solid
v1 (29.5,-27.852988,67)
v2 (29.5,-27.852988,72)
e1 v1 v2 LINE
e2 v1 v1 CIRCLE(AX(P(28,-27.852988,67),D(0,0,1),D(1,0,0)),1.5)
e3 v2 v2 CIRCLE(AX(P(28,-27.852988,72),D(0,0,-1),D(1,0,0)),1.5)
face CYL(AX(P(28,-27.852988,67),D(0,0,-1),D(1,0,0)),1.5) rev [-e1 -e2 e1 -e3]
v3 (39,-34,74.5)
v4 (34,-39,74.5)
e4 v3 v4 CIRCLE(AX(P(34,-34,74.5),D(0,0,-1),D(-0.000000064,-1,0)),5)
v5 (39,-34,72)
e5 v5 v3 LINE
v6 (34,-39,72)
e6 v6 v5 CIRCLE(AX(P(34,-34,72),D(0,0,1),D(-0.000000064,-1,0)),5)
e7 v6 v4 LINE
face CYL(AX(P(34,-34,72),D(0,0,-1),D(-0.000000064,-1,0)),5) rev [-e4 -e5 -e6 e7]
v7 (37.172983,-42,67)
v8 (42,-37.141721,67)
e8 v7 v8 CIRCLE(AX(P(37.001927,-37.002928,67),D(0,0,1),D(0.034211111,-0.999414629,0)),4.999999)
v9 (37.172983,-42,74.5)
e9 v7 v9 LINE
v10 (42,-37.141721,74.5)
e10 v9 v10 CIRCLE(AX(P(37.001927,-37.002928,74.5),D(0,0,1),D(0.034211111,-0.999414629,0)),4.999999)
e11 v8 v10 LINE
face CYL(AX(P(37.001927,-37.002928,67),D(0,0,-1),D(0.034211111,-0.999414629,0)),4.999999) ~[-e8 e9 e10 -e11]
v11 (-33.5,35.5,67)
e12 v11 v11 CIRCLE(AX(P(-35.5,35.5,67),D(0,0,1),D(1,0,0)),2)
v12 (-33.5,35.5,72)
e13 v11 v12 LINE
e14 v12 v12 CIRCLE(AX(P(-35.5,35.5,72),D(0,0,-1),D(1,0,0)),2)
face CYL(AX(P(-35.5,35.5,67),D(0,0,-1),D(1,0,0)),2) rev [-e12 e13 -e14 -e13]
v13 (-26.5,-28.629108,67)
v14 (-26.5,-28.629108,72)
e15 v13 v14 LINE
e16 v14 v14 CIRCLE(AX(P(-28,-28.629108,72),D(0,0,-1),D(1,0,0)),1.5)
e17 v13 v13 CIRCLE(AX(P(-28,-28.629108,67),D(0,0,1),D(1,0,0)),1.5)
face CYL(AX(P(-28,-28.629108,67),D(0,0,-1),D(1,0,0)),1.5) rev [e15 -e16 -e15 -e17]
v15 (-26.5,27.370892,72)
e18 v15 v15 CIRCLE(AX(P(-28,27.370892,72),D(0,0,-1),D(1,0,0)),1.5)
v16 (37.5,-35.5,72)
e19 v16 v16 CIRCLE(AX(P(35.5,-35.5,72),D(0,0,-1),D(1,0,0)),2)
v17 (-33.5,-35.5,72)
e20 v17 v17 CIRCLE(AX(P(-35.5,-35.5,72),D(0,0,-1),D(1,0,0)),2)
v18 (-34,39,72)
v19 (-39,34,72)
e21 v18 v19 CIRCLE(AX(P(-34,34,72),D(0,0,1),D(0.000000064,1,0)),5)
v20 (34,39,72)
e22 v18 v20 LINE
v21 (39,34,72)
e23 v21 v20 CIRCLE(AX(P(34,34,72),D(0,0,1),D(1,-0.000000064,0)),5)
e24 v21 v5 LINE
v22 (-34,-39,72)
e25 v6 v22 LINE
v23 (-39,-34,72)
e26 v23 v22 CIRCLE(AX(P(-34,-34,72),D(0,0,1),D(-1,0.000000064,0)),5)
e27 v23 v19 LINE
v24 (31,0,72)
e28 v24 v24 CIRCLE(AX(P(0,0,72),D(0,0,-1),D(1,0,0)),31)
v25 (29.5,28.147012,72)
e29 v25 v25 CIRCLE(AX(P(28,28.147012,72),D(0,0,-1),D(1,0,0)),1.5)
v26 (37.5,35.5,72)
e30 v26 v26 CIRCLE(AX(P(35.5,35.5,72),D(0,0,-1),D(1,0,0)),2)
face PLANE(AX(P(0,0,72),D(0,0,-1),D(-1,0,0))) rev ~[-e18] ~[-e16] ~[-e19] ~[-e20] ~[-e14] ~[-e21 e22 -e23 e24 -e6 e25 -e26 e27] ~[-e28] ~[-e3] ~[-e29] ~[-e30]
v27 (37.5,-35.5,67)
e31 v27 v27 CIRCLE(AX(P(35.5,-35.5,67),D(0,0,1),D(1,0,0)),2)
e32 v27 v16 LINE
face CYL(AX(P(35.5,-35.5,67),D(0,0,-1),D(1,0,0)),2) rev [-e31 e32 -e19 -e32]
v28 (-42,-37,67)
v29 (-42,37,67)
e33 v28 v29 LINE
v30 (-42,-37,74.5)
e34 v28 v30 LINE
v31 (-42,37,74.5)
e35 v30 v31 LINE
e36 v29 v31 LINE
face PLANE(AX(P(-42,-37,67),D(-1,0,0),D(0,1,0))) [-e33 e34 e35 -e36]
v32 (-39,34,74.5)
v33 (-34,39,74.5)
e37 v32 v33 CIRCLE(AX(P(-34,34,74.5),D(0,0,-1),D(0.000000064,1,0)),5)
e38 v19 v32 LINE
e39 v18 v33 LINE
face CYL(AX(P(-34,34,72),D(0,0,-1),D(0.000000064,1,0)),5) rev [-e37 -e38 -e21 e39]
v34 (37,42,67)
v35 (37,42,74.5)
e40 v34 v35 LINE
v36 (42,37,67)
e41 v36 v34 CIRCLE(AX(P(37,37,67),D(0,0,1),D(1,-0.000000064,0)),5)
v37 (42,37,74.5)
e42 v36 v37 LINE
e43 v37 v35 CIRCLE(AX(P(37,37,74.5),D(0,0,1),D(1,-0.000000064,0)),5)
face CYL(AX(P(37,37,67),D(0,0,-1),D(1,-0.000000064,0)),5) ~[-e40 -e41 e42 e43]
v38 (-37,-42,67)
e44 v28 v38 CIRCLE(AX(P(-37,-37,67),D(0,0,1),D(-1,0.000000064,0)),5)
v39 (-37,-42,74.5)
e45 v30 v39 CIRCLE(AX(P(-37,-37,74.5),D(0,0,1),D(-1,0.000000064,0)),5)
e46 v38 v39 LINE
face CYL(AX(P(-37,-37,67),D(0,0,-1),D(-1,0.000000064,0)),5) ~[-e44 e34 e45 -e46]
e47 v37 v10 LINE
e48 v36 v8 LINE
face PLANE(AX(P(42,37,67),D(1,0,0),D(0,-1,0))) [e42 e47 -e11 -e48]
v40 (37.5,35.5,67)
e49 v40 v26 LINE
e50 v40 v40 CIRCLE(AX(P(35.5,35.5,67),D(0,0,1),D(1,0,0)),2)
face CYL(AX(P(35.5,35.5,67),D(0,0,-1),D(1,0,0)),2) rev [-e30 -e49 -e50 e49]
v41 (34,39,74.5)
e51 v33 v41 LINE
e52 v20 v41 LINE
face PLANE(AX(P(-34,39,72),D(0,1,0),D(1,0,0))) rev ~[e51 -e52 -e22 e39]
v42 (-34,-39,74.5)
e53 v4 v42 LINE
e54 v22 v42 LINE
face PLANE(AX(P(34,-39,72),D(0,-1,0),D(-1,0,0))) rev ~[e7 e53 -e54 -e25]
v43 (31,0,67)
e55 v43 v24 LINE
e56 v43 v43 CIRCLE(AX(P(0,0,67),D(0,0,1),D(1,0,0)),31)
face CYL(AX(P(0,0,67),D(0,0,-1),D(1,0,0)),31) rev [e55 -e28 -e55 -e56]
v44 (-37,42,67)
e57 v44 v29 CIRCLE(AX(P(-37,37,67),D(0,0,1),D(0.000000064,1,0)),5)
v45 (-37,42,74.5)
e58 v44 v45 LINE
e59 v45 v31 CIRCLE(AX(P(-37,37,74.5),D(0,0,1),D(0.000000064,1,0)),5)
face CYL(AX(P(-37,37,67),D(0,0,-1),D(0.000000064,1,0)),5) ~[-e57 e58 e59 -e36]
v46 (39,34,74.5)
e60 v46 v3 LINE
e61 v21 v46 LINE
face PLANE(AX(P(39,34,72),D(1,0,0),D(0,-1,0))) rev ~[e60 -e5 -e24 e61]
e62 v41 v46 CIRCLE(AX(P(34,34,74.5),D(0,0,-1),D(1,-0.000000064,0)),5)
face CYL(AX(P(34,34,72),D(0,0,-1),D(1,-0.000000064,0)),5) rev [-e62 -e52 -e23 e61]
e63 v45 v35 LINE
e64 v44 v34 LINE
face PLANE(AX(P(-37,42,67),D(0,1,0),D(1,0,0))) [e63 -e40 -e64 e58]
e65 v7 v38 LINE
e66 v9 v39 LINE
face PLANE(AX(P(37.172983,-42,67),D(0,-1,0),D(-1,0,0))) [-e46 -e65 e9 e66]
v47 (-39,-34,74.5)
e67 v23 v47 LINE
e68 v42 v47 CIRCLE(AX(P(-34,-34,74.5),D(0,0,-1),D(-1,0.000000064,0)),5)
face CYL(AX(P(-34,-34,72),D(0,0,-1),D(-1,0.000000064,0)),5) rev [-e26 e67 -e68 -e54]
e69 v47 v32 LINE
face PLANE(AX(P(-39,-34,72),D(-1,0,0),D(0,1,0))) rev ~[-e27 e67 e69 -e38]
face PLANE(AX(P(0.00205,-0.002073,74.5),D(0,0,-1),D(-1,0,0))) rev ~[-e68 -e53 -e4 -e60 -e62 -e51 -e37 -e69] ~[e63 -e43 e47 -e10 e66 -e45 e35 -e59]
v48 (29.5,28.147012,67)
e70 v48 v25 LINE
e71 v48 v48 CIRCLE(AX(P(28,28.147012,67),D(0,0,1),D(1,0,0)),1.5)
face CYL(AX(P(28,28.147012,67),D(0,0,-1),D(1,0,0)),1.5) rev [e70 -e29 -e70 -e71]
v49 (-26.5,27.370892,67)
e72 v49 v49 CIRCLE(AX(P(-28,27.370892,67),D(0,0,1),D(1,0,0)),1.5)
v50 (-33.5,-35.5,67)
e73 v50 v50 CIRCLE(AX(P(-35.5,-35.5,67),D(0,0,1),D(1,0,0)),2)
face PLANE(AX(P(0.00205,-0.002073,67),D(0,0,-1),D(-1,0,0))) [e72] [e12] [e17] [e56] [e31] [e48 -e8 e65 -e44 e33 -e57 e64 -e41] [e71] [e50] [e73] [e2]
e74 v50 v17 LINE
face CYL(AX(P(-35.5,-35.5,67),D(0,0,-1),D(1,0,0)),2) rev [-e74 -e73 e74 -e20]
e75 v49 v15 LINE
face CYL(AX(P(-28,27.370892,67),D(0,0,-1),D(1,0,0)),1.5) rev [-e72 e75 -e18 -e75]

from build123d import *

# Parameters (mm, degrees)
EXTRUDE002_DEPTH = 9
SKETCH009_R      = 1.5
SKETCH009_R_2    = 31
SKETCH009_R_3    = 2
EXTRUDE001_DEPTH = 7.5


with BuildPart() as extrude002:
    # Sketch010 → Extrude002 (new body)
    with BuildSketch(Plane.XY):
        with BuildLine():
            Line((-34, 39), (34, 39))
            ThreePointArc((39, 34), (37.535534, 37.535534), (34, 39))
            Line((39, 34), (39, -34))
            ThreePointArc((34, -39), (37.535534, -37.535534), (39, -34))
            Line((34, -39), (-34, -39))
            ThreePointArc((-39, -34), (-37.535534, -37.535534), (-34, -39))
            Line((-39, -34), (-39, 34))
            ThreePointArc((-34, 39), (-37.535534, 37.535534), (-39, 34))
        make_face()
    extrude(amount=EXTRUDE002_DEPTH)


with BuildPart() as extrude002_1:
    # Extrude002 placement: moved
    add(extrude002.part.moved(Location((0, 0, 5))))


with BuildPart() as frontplate:
    # Sketch009 → Extrude001 (new body)
    with BuildSketch(Plane.XY):
        with BuildLine():
            Line((-37, 42), (37, 42))
            ThreePointArc((42, 37), (40.535534, 40.535534), (37, 42))
            Line((42, 37), (42, -37.141721))
            ThreePointArc((37.172983, -42), (40.548854, -40.527031), (42, -37.141721))
            Line((37.172983, -42), (-37, -42))
            ThreePointArc((-42, -37), (-40.535534, -40.535534), (-37, -42))
            Line((-42, -37), (-42, 37))
            ThreePointArc((-37, 42), (-40.535534, 40.535534), (-42, 37))
        make_face()
        with Locations((-28, 27.370892)):
            Circle(SKETCH009_R, mode=Mode.SUBTRACT)
        with Locations((28, 28.147012)):
            Circle(SKETCH009_R, mode=Mode.SUBTRACT)
        with Locations((28, -27.852988)):
            Circle(SKETCH009_R, mode=Mode.SUBTRACT)
        with Locations((-28, -28.629108)):
            Circle(SKETCH009_R, mode=Mode.SUBTRACT)
        Circle(SKETCH009_R_2, mode=Mode.SUBTRACT)
        with Locations((35.5, -35.5)):
            Circle(SKETCH009_R_3, mode=Mode.SUBTRACT)
        with Locations((-35.5, -35.5)):
            Circle(SKETCH009_R_3, mode=Mode.SUBTRACT)
        with Locations((-35.5, 35.5)):
            Circle(SKETCH009_R_3, mode=Mode.SUBTRACT)
        with Locations((35.5, 35.5)):
            Circle(SKETCH009_R_3, mode=Mode.SUBTRACT)
    extrude(amount=EXTRUDE001_DEPTH)

    # Cut028: cut Extrude002
    add(extrude002_1.part, mode=Mode.SUBTRACT)


with BuildPart() as frontplate_1:
    # Cut028 placement: moved
    add(frontplate.part.moved(Location((0, 0, 67))))


solid = frontplate_1.part
